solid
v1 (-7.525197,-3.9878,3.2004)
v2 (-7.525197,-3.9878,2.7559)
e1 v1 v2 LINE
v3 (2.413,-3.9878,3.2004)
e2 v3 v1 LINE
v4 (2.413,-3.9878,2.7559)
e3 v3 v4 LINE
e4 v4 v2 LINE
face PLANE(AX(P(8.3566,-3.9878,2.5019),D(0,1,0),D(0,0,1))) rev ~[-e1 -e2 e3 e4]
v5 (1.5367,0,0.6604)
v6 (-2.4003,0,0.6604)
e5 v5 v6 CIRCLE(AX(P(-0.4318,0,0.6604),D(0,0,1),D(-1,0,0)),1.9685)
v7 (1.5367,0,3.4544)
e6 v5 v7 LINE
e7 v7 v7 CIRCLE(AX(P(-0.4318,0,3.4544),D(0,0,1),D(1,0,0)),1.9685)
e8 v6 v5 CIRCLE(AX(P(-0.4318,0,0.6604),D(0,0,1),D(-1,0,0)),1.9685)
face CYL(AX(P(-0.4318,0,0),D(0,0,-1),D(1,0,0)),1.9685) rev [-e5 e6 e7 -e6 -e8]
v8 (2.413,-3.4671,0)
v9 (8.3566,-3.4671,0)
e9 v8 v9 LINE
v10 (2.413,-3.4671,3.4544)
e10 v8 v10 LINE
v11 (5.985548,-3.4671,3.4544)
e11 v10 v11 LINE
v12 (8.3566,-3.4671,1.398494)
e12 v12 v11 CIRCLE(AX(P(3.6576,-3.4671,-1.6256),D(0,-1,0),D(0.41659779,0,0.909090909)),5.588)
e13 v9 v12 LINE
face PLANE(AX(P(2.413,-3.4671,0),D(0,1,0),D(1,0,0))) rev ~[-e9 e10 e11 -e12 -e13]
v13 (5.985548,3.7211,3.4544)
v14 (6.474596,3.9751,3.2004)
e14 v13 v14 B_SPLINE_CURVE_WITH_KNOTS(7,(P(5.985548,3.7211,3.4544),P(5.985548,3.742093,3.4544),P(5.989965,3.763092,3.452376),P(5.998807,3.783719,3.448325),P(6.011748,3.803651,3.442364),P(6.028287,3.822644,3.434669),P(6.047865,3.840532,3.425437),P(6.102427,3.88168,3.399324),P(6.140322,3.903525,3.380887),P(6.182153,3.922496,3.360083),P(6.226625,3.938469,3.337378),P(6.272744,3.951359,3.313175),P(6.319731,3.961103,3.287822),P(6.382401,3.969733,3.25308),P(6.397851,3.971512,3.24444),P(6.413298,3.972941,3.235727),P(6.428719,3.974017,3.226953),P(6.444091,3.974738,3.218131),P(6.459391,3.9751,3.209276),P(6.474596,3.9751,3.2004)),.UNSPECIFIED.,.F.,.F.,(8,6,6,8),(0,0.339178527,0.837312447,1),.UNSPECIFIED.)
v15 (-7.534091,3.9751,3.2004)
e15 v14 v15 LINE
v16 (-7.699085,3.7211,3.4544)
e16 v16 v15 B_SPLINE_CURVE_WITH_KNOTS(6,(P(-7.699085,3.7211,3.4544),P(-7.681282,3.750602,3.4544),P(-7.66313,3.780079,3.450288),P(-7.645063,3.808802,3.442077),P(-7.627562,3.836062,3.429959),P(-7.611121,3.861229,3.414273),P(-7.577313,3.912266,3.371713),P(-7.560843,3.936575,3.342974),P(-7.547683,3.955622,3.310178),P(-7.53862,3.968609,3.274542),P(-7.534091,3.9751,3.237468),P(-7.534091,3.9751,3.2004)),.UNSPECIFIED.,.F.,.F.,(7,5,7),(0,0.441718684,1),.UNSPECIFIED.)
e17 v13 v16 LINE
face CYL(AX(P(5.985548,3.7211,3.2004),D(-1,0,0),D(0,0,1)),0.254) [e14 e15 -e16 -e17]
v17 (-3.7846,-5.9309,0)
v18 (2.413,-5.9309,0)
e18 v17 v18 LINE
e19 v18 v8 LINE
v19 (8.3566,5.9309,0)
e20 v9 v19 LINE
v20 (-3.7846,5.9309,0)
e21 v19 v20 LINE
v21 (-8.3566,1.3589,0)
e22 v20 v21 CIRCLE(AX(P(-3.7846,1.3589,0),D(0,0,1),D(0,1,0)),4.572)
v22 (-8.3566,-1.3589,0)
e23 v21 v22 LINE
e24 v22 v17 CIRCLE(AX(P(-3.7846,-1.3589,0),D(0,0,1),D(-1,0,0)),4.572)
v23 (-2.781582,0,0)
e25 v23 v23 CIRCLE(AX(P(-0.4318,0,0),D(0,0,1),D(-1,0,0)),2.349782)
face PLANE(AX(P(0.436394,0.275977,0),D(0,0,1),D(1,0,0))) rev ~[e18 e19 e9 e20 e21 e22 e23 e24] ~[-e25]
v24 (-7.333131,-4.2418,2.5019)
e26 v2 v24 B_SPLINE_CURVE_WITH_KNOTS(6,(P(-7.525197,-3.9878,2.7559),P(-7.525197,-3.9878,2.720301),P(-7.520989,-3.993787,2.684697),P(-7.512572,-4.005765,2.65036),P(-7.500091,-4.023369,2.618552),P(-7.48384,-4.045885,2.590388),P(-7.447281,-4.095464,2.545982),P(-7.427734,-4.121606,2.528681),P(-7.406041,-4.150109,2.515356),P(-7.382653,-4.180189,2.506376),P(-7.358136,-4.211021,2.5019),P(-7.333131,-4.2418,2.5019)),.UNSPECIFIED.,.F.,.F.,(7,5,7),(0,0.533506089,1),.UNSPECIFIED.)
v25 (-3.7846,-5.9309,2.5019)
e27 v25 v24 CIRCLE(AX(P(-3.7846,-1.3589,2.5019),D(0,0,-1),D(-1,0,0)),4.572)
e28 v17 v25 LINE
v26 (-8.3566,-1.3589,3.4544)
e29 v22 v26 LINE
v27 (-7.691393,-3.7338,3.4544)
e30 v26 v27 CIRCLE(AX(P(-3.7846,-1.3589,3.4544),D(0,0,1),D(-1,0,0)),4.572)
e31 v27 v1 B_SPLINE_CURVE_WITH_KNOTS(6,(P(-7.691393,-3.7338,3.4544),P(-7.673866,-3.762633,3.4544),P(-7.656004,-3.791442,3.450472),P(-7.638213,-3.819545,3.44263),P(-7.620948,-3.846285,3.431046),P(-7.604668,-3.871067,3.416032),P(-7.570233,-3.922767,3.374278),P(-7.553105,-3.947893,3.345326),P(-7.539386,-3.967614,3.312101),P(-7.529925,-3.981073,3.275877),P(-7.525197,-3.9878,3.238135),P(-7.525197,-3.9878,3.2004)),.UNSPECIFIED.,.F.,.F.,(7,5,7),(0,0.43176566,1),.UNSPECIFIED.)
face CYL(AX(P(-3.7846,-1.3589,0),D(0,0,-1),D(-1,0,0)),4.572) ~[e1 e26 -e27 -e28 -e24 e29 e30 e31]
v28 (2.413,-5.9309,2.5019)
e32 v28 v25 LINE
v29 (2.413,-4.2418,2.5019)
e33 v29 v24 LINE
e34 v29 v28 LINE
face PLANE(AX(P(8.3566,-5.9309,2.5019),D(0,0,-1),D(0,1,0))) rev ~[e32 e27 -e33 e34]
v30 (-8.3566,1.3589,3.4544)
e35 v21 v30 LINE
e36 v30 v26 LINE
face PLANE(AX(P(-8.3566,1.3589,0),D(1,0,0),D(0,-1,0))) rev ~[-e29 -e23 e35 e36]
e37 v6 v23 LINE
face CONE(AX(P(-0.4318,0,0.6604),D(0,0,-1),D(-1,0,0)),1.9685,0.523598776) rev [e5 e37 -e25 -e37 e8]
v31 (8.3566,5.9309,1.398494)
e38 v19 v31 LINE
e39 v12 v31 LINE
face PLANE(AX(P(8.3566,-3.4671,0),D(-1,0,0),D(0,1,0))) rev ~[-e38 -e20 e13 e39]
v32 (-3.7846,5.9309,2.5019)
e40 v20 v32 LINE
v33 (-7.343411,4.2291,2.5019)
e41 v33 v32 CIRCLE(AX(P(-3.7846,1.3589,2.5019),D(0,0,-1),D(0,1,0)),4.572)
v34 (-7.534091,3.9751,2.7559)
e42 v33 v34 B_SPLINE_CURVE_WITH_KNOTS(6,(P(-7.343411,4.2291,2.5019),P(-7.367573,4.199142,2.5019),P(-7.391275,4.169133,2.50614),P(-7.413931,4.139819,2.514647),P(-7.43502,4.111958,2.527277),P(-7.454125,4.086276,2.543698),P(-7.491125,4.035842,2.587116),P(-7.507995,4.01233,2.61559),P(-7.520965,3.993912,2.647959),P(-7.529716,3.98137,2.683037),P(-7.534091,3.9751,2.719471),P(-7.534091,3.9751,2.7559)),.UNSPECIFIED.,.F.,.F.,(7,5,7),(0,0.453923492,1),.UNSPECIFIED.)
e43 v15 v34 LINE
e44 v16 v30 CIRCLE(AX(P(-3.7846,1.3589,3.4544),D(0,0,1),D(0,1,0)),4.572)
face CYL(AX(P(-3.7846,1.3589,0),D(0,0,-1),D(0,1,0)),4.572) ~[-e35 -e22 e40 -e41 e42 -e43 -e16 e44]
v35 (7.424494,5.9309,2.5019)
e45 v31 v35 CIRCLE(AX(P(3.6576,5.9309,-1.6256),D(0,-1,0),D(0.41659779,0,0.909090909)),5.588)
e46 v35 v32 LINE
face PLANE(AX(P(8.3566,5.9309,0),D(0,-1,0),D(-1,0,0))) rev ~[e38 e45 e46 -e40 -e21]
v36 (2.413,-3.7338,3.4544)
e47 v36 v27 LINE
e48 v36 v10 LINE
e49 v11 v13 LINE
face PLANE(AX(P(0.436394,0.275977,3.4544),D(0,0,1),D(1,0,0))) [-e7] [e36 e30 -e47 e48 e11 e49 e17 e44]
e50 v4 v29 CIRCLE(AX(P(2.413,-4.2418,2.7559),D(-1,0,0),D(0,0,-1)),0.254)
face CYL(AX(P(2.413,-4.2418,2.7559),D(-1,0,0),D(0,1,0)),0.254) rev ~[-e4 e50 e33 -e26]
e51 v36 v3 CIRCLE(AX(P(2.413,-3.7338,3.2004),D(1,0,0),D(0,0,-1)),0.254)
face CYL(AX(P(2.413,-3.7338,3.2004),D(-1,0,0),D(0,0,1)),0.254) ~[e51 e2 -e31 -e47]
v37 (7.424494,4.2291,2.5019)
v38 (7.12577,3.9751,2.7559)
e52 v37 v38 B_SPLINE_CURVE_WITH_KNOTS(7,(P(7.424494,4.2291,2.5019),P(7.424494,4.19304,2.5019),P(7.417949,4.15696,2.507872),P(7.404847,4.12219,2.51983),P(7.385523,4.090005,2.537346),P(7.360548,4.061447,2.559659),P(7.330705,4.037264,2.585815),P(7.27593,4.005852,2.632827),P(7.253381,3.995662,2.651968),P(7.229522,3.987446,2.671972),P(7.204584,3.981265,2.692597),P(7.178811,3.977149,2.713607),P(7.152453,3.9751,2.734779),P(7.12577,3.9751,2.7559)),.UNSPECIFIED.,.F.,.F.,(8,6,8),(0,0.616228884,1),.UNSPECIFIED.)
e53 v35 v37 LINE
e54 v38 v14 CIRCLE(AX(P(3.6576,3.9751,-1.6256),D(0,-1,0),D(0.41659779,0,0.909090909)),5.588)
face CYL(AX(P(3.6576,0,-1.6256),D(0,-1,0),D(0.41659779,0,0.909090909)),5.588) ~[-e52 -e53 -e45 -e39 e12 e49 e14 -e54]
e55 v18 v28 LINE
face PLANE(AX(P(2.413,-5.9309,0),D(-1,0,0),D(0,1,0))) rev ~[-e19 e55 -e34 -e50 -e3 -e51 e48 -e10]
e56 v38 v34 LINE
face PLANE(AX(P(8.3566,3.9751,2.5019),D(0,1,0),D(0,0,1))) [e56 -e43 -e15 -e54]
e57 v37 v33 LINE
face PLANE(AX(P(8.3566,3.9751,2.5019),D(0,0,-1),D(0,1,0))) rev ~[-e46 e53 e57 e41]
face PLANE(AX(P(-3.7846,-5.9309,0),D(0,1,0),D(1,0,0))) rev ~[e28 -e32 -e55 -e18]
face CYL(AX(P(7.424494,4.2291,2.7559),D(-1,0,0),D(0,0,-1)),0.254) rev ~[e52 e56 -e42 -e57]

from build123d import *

# Parameters (mm, degrees)
F0_R     = 1.9685
F1_DEPTH = 3.4544
F2_W     = 1.9558
F2_H     = 0.9525
F2_W_2   = 1.9431
F3_DEPTH = 16.7142
F5_DEPTH = 12.7
F6_R     = 0.254


with BuildPart() as f1:
    # F0 (on Top) → F1 (new body)
    with BuildSketch(Plane.XY):
        with BuildLine():
            Line((8.3566, 5.9309), (-3.7846, 5.9309))
            ThreePointArc((-3.7846, 5.9309), (-7.0174922036, 4.5917922036), (-8.3566, 1.3589))
            Line((-8.3566, 1.3589), (-8.3566, -1.3589))
            ThreePointArc((-8.3566, -1.3589), (-7.0174922036, -4.5917922036), (-3.7846, -5.9309))
            Line((-3.7846, -5.9309), (2.413, -5.9309))
            Line((2.413, -5.9309), (2.413, -3.4671))
            Line((2.413, -3.4671), (8.3566, -3.4671))
            Line((8.3566, -3.4671), (8.3566, 5.9309))
        make_face()
        with Locations((-0.4318, 0)):
            Circle(F0_R, mode=Mode.SUBTRACT)
    extrude(amount=F1_DEPTH)

    # F2 (on face) → F3 (cut, through all)
    with BuildSketch(Plane.YZ.offset(8.3566)):
        with Locations((4.953, 2.97815)):
            Rectangle(F2_W, F2_H)
        with Locations((-4.95935, 2.97815)):
            Rectangle(F2_W_2, F2_H)
    extrude(amount=-F3_DEPTH, mode=Mode.SUBTRACT)

    # F4 (on Front) → F5 (cut, symmetric)
    with BuildSketch(Plane.XZ):
        with BuildLine():
            Line((8.3566, 1.3984937485), (8.3566, 3.4544))
            Line((8.3566, 3.4544), (5.985548453, 3.4544))
            ThreePointArc((5.985548453, 3.4544), (7.3183634134, 2.596313693), (8.3566, 1.3984937485))
        make_face()
    extrude(amount=F5_DEPTH, both=True, mode=Mode.SUBTRACT)

    # F6
    f6_edges = [f1.edges().sort_by_distance(p)[0] for p in [
        (-2.556099, -3.9878, 3.4544),
        (-0.774271, 3.9751, 3.4544),
        (-2.556099, -3.9878, 2.5019),
        (-0.054799, 3.9751, 2.5019),
    ]]
    fillet(f6_edges, radius=F6_R)

    # F7 (on Front) → F8 (revolve, cut)
    with BuildSketch(Plane.XZ):
        Polygon((-2.4003, 0.6604), (-2.7815821178, 0), (-0.4318, 0), (-0.4318, 0.6604), align=None)
    revolve(axis=Axis((-0.4318, 0, 0.3302), (0, 0, 1)), mode=Mode.SUBTRACT)


solid = f1.part
